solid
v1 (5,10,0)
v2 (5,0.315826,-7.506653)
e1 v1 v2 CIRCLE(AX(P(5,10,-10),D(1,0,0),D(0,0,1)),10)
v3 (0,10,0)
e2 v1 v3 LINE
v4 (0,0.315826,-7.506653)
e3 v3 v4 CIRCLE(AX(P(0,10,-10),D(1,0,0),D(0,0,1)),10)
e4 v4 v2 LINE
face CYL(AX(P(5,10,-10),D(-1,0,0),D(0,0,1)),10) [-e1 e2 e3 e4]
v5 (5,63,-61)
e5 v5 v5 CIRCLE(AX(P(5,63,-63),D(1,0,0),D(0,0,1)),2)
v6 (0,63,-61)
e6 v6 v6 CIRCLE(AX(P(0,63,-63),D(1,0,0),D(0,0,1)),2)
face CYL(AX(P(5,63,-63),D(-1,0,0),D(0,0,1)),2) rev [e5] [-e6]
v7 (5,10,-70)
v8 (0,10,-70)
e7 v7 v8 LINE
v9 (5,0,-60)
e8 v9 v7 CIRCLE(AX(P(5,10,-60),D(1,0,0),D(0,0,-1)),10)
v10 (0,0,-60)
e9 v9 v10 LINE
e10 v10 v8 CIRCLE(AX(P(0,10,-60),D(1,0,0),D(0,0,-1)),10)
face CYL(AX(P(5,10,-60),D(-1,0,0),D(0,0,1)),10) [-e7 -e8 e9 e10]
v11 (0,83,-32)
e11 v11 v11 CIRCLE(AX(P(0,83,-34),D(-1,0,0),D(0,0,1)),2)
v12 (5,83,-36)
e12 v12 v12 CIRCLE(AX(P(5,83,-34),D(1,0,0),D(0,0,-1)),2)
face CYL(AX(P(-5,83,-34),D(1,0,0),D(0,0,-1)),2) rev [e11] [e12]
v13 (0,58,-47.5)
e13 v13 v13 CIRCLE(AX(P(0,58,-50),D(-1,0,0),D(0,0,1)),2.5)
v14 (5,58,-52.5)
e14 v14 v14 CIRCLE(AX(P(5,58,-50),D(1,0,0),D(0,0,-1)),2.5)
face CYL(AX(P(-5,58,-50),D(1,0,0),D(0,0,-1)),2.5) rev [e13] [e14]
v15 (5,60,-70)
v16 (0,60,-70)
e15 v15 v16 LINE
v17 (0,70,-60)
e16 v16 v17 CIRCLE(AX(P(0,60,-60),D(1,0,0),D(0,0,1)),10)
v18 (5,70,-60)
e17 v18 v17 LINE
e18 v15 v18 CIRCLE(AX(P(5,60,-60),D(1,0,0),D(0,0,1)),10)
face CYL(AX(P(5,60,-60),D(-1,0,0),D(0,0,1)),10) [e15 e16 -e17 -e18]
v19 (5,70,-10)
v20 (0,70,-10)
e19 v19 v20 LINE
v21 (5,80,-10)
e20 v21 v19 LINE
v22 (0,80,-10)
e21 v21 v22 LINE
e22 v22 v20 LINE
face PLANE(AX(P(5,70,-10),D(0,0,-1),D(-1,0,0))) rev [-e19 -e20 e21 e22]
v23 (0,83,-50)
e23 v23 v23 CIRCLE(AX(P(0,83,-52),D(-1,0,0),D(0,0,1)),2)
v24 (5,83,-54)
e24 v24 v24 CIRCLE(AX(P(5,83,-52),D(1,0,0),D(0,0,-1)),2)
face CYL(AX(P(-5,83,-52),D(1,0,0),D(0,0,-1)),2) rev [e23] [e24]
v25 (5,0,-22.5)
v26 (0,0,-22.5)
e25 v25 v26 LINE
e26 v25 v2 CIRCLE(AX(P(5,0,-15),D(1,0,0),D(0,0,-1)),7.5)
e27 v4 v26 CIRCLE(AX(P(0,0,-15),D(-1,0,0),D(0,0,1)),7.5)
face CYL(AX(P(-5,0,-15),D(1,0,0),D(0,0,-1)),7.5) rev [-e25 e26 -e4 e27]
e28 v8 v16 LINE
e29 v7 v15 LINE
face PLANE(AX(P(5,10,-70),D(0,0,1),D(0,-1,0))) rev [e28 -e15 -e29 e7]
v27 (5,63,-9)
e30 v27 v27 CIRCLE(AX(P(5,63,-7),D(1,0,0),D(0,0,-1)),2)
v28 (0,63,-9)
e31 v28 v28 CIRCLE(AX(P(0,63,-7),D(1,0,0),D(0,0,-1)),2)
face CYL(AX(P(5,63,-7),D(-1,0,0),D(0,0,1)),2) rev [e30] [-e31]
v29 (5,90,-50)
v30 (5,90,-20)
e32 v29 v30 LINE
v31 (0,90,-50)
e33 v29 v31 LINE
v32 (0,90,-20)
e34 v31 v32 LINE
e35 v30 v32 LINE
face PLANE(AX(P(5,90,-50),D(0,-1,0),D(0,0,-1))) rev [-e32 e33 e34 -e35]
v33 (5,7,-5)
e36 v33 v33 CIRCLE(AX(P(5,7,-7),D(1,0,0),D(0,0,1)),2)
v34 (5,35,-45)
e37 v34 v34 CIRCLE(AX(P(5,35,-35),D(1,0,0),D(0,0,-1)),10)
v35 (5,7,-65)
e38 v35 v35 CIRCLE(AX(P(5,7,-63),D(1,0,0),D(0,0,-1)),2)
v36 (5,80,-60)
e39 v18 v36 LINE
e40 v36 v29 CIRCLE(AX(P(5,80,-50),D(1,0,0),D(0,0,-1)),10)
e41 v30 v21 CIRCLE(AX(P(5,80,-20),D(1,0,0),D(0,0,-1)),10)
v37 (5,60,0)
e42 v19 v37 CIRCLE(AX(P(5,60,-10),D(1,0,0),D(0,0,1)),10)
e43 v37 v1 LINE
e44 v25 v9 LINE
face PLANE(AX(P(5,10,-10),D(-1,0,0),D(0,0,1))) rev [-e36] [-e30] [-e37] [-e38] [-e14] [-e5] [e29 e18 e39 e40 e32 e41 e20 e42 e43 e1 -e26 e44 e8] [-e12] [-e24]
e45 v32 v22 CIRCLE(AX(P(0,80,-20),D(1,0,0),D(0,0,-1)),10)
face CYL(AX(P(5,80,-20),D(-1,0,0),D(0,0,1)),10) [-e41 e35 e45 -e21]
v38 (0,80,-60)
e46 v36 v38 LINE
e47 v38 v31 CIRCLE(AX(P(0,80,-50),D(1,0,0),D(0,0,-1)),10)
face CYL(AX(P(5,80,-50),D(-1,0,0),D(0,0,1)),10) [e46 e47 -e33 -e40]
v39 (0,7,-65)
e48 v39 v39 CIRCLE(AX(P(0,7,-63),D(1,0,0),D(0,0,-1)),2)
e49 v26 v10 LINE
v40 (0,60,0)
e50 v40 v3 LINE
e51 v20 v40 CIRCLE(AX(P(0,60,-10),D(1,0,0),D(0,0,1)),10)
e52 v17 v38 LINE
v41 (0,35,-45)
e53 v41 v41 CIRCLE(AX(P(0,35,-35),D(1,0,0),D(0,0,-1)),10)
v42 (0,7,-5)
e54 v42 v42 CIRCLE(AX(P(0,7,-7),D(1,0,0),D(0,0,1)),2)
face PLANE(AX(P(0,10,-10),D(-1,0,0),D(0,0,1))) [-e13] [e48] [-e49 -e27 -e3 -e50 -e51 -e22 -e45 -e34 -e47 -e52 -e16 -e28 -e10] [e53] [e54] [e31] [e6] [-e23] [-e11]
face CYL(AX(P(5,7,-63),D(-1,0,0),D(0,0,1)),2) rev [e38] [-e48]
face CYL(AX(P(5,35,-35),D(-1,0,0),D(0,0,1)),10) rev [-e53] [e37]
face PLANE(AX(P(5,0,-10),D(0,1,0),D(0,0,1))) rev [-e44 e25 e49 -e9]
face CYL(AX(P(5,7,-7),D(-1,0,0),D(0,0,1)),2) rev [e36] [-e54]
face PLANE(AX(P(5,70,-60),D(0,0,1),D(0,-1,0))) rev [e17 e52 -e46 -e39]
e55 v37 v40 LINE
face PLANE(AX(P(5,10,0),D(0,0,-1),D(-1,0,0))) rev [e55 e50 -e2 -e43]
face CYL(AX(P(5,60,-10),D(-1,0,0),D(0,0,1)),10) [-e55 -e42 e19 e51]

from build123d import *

# Parameters (mm, degrees)
CROQUIS1_R              = 2
CROQUIS1_R_2            = 10
SALIENTE_EXTRUIR1_DEPTH = 5
CROQUIS2_R              = 7.5
CROQUIS2_R_2            = 2.5
CROQUIS2_R_3            = 2
CORTAR_EXTRUIR1_DEPTH   = 10


with BuildPart() as part:
    # Croquis1 → Saliente-Extruir1 (new body)
    with BuildSketch(Plane(origin=(0, 0, 0), x_dir=(0, 0, -1), z_dir=(1, 0, 0))):
        with BuildLine():
            Line((10, 0), (60, 0))
            ThreePointArc((60, 0), (67.071067812, 2.928932188), (70, 10))
            Line((70, 10), (70, 60))
            ThreePointArc((70, 60), (67.071067812, 67.071067812), (60, 70))
            Line((60, 70), (60, 80))
            ThreePointArc((60, 80), (57.071067812, 87.071067812), (50, 90))
            Line((50, 90), (20, 90))
            ThreePointArc((20, 90), (12.928932188, 87.071067812), (10, 80))
            Line((10, 80), (10, 70))
            ThreePointArc((10, 70), (2.928932188, 67.071067812), (0, 60))
            Line((0, 60), (0, 10))
            ThreePointArc((0, 10), (2.928932188, 2.928932188), (10, 0))
        make_face()
        with Locations((7, 63)):
            Circle(CROQUIS1_R, mode=Mode.SUBTRACT)
        with Locations((63, 63)):
            Circle(CROQUIS1_R, mode=Mode.SUBTRACT)
        with Locations((63, 7)):
            Circle(CROQUIS1_R, mode=Mode.SUBTRACT)
        with Locations((7, 7)):
            Circle(CROQUIS1_R, mode=Mode.SUBTRACT)
        with Locations((35, 35)):
            Circle(CROQUIS1_R_2, mode=Mode.SUBTRACT)
    extrude(amount=SALIENTE_EXTRUIR1_DEPTH)

    # Croquis2 → Cortar-Extruir1 (cut)
    with BuildSketch(Plane(origin=(5, 0, 0), x_dir=(0, 0, -1), z_dir=(1, 0, 0))):
        with Locations((15, 0)):
            Circle(CROQUIS2_R)
        with Locations((50, 58)):
            Circle(CROQUIS2_R_2)
        with Locations((52, 83)):
            Circle(CROQUIS2_R_3)
        with Locations((34, 83)):
            Circle(CROQUIS2_R_3)
    extrude(amount=-CORTAR_EXTRUIR1_DEPTH, mode=Mode.SUBTRACT)


solid = part.part
